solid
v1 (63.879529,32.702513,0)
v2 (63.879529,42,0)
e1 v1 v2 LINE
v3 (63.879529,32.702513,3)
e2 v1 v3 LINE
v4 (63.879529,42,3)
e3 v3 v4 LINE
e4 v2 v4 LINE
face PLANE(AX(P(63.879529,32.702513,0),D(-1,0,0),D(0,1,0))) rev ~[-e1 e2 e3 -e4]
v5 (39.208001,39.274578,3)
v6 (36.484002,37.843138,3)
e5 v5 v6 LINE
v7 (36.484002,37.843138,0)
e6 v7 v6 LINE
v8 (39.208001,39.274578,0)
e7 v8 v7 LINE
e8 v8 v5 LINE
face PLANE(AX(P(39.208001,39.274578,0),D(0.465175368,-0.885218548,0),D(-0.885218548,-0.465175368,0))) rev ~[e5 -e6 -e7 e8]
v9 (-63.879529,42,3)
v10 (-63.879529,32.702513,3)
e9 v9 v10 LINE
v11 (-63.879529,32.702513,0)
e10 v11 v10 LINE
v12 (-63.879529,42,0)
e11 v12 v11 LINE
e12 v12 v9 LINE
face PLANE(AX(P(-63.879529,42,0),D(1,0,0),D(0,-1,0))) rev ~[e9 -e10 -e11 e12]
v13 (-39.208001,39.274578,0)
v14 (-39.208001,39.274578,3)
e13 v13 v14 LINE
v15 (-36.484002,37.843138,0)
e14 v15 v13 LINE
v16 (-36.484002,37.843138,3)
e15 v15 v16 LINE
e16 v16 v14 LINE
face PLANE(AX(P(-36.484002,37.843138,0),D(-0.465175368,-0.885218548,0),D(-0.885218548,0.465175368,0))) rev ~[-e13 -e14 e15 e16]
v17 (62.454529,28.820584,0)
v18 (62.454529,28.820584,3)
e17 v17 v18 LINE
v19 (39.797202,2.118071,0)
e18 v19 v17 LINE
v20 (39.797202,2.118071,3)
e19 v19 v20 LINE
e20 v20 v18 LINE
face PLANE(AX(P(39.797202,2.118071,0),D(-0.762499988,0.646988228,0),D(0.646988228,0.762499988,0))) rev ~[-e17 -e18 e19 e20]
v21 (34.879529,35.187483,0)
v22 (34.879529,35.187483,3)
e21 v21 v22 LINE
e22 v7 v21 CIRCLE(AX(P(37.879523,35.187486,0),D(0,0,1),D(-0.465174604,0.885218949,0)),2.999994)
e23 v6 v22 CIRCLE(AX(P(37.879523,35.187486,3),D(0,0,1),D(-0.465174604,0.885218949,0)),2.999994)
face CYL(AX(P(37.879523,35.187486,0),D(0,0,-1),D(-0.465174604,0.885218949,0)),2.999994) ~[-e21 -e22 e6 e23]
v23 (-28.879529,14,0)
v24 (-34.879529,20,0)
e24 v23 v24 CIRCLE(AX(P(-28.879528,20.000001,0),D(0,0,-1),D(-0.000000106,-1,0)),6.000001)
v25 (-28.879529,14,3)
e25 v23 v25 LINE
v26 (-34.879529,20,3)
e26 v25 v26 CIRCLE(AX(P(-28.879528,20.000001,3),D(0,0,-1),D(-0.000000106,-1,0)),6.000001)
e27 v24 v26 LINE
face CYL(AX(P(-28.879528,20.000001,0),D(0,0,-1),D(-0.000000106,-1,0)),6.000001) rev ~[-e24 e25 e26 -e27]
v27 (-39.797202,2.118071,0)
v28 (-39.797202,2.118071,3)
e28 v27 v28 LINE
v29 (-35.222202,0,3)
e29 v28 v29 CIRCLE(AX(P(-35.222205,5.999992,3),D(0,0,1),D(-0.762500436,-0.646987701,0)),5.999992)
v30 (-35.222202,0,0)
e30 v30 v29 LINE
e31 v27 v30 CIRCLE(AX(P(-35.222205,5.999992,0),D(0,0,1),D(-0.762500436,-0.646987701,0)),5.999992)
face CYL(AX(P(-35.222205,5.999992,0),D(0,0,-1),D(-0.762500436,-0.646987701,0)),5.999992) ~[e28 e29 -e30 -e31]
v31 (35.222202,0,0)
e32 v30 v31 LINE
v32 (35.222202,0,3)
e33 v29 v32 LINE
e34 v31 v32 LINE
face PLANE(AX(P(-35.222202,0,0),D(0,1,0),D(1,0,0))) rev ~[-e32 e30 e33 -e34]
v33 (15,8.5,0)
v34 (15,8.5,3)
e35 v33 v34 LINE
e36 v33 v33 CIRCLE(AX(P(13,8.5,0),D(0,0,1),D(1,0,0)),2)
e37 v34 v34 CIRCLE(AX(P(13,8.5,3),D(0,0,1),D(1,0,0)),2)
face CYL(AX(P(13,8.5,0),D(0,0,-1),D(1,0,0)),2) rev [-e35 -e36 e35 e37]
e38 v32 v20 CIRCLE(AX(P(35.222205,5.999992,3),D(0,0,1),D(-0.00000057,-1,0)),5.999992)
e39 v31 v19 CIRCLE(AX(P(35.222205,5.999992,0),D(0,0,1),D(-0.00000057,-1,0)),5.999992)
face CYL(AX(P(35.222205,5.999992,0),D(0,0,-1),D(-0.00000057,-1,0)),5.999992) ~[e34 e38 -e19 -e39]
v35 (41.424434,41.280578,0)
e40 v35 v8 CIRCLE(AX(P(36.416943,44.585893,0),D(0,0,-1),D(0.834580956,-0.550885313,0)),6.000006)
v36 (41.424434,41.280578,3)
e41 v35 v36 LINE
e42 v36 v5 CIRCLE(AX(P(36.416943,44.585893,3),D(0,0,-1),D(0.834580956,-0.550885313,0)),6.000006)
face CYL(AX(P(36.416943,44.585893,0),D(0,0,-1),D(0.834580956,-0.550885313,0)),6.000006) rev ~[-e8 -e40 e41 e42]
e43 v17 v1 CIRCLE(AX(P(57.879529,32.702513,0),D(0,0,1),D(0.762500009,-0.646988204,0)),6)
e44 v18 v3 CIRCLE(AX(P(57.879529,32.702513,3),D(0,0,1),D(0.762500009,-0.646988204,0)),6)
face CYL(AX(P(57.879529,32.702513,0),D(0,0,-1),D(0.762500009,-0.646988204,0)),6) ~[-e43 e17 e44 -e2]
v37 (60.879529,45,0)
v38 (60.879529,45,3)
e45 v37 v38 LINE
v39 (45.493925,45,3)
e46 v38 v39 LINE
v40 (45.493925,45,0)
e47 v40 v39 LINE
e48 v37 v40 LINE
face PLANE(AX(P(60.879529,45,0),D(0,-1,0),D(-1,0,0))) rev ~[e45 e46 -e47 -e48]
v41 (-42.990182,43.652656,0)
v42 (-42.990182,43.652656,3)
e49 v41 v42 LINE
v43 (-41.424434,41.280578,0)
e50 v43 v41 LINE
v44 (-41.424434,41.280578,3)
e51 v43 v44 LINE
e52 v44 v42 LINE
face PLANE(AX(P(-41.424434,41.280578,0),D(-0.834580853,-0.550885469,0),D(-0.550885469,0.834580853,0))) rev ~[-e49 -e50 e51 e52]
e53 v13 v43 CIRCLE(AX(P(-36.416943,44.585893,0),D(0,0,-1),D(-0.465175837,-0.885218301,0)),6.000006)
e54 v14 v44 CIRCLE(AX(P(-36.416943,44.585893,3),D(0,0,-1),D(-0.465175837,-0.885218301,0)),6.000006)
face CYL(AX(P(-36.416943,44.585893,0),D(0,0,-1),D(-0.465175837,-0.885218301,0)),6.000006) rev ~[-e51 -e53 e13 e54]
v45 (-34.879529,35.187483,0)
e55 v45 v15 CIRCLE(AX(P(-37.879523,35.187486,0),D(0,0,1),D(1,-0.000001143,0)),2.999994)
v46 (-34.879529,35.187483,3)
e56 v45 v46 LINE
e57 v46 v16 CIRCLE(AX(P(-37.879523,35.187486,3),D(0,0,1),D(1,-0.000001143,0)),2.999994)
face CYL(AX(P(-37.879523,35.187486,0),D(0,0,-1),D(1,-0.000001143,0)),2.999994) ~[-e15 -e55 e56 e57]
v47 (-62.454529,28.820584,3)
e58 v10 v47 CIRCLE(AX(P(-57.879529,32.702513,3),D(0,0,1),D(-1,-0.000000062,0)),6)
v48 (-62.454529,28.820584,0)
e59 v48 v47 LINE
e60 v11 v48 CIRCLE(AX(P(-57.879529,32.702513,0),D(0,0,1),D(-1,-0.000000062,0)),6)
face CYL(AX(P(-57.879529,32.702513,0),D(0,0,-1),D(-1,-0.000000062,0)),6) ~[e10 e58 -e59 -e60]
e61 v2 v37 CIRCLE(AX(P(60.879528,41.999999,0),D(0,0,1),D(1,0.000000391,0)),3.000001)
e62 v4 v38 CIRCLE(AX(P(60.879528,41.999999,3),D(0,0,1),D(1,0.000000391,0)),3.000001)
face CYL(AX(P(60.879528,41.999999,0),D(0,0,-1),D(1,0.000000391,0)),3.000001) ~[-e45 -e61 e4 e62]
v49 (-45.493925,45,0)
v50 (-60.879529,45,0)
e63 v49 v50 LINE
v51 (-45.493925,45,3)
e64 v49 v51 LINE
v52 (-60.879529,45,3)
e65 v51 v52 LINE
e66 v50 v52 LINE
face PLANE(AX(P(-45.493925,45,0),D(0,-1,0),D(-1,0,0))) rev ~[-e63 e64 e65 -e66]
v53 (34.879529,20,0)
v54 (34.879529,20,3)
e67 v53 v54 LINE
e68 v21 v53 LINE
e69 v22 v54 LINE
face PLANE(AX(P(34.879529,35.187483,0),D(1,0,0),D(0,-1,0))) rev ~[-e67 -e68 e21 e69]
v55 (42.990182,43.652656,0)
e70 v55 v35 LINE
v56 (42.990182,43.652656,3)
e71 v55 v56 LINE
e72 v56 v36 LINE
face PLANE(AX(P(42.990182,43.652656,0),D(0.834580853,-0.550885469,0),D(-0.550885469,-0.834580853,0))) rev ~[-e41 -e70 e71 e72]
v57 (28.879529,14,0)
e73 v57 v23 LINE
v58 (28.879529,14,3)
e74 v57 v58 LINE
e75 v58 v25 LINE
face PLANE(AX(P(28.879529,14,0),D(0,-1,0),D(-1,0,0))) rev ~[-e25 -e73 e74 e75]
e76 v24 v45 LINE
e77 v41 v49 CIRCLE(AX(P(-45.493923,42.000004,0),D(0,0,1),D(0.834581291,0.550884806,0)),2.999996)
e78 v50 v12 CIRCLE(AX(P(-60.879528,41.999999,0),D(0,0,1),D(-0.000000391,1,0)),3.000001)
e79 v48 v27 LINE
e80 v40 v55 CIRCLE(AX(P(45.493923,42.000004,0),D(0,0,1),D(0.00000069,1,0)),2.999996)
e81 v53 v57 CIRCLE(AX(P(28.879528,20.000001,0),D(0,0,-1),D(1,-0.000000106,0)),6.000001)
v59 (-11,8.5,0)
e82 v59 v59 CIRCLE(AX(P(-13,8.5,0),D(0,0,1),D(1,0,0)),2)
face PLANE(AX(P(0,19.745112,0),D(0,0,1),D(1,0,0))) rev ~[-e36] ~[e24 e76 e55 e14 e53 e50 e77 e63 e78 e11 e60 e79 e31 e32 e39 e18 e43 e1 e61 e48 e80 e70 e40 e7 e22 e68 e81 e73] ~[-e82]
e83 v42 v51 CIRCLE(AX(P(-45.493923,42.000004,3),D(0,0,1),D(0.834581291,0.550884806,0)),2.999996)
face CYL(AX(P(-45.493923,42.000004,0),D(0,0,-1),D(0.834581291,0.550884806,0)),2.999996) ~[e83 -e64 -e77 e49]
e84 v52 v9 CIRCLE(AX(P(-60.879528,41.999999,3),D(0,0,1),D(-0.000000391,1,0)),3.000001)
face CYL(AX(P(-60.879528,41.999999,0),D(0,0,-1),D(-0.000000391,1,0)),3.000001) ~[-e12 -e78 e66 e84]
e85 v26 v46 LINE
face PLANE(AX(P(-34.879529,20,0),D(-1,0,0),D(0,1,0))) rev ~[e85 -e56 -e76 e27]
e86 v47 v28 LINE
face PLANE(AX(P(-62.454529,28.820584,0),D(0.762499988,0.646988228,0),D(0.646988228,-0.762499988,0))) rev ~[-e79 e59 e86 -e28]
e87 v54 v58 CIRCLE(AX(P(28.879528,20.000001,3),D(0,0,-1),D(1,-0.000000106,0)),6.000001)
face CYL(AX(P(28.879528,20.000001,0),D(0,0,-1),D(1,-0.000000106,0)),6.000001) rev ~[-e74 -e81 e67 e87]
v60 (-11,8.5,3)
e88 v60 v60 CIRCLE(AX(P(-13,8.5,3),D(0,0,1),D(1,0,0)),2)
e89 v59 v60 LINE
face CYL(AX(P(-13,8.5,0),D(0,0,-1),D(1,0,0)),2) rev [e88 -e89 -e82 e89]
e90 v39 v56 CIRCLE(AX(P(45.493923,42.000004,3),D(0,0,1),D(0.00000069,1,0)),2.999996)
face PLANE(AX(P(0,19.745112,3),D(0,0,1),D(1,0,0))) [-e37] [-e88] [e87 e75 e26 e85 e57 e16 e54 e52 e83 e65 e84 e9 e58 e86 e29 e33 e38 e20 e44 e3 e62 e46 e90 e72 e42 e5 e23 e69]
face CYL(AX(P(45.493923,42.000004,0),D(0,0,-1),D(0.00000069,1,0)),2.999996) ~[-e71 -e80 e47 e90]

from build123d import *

# Parameters (mm, degrees)
F0_R     = 2
F1_DEPTH = 3


with BuildPart() as f1:
    # F0 (on Top) → F1 (new body)
    with BuildSketch(Plane.XY):
        with BuildLine():
            Line((-35.222202, 0), (0, 0))
            Line((0, 0), (35.222202, 0))
            ThreePointArc((35.222202, 0), (37.742959, 0.555205), (39.797202, 2.118071))
            Line((39.797202, 2.118071), (62.454529, 28.820584))
            ThreePointArc((62.454529, 28.820584), (63.512024, 30.634906), (63.879529, 32.702513))
            Line((63.879529, 32.702513), (63.879529, 42))
            ThreePointArc((63.879529, 42), (63.000849, 44.12132), (60.879529, 45))
            Line((60.879529, 45), (45.493925, 45))
            ThreePointArc((45.493925, 45), (44.0723, 44.641777), (42.990182, 43.652656))
            Line((42.990182, 43.652656), (41.424434, 41.280578))
            ThreePointArc((41.424434, 41.280578), (40.443151, 40.137329), (39.208001, 39.274578))
            Line((39.208001, 39.274578), (36.484002, 37.843138))
            ThreePointArc((36.484002, 37.843138), (35.311788, 36.738841), (34.879529, 35.187483))
            Line((34.879529, 35.187483), (34.879529, 20))
            ThreePointArc((34.879529, 20), (33.122169, 15.757359), (28.879529, 14))
            Line((28.879529, 14), (0, 14))
            Line((0, 14), (-28.879529, 14))
            ThreePointArc((-28.879529, 14), (-33.122169, 15.757359), (-34.879529, 20))
            Line((-34.879529, 20), (-34.879529, 35.187483))
            ThreePointArc((-34.879529, 35.187483), (-35.311788, 36.738841), (-36.484002, 37.843138))
            Line((-36.484002, 37.843138), (-39.208001, 39.274578))
            ThreePointArc((-39.208001, 39.274578), (-40.443151, 40.137329), (-41.424434, 41.280578))
            Line((-41.424434, 41.280578), (-42.990182, 43.652656))
            ThreePointArc((-42.990182, 43.652656), (-44.0723, 44.641777), (-45.493925, 45))
            Line((-45.493925, 45), (-60.879529, 45))
            ThreePointArc((-60.879529, 45), (-63.000849, 44.12132), (-63.879529, 42))
            Line((-63.879529, 42), (-63.879529, 32.702513))
            ThreePointArc((-63.879529, 32.702513), (-63.512024, 30.634906), (-62.454529, 28.820584))
            Line((-62.454529, 28.820584), (-39.797202, 2.118071))
            ThreePointArc((-39.797202, 2.118071), (-37.742959, 0.555205), (-35.222202, 0))
        make_face()
        with Locations((-13, 8.5)):
            Circle(F0_R, mode=Mode.SUBTRACT)
        with Locations((13, 8.5)):
            Circle(F0_R, mode=Mode.SUBTRACT)
    extrude(amount=F1_DEPTH)


solid = f1.part
